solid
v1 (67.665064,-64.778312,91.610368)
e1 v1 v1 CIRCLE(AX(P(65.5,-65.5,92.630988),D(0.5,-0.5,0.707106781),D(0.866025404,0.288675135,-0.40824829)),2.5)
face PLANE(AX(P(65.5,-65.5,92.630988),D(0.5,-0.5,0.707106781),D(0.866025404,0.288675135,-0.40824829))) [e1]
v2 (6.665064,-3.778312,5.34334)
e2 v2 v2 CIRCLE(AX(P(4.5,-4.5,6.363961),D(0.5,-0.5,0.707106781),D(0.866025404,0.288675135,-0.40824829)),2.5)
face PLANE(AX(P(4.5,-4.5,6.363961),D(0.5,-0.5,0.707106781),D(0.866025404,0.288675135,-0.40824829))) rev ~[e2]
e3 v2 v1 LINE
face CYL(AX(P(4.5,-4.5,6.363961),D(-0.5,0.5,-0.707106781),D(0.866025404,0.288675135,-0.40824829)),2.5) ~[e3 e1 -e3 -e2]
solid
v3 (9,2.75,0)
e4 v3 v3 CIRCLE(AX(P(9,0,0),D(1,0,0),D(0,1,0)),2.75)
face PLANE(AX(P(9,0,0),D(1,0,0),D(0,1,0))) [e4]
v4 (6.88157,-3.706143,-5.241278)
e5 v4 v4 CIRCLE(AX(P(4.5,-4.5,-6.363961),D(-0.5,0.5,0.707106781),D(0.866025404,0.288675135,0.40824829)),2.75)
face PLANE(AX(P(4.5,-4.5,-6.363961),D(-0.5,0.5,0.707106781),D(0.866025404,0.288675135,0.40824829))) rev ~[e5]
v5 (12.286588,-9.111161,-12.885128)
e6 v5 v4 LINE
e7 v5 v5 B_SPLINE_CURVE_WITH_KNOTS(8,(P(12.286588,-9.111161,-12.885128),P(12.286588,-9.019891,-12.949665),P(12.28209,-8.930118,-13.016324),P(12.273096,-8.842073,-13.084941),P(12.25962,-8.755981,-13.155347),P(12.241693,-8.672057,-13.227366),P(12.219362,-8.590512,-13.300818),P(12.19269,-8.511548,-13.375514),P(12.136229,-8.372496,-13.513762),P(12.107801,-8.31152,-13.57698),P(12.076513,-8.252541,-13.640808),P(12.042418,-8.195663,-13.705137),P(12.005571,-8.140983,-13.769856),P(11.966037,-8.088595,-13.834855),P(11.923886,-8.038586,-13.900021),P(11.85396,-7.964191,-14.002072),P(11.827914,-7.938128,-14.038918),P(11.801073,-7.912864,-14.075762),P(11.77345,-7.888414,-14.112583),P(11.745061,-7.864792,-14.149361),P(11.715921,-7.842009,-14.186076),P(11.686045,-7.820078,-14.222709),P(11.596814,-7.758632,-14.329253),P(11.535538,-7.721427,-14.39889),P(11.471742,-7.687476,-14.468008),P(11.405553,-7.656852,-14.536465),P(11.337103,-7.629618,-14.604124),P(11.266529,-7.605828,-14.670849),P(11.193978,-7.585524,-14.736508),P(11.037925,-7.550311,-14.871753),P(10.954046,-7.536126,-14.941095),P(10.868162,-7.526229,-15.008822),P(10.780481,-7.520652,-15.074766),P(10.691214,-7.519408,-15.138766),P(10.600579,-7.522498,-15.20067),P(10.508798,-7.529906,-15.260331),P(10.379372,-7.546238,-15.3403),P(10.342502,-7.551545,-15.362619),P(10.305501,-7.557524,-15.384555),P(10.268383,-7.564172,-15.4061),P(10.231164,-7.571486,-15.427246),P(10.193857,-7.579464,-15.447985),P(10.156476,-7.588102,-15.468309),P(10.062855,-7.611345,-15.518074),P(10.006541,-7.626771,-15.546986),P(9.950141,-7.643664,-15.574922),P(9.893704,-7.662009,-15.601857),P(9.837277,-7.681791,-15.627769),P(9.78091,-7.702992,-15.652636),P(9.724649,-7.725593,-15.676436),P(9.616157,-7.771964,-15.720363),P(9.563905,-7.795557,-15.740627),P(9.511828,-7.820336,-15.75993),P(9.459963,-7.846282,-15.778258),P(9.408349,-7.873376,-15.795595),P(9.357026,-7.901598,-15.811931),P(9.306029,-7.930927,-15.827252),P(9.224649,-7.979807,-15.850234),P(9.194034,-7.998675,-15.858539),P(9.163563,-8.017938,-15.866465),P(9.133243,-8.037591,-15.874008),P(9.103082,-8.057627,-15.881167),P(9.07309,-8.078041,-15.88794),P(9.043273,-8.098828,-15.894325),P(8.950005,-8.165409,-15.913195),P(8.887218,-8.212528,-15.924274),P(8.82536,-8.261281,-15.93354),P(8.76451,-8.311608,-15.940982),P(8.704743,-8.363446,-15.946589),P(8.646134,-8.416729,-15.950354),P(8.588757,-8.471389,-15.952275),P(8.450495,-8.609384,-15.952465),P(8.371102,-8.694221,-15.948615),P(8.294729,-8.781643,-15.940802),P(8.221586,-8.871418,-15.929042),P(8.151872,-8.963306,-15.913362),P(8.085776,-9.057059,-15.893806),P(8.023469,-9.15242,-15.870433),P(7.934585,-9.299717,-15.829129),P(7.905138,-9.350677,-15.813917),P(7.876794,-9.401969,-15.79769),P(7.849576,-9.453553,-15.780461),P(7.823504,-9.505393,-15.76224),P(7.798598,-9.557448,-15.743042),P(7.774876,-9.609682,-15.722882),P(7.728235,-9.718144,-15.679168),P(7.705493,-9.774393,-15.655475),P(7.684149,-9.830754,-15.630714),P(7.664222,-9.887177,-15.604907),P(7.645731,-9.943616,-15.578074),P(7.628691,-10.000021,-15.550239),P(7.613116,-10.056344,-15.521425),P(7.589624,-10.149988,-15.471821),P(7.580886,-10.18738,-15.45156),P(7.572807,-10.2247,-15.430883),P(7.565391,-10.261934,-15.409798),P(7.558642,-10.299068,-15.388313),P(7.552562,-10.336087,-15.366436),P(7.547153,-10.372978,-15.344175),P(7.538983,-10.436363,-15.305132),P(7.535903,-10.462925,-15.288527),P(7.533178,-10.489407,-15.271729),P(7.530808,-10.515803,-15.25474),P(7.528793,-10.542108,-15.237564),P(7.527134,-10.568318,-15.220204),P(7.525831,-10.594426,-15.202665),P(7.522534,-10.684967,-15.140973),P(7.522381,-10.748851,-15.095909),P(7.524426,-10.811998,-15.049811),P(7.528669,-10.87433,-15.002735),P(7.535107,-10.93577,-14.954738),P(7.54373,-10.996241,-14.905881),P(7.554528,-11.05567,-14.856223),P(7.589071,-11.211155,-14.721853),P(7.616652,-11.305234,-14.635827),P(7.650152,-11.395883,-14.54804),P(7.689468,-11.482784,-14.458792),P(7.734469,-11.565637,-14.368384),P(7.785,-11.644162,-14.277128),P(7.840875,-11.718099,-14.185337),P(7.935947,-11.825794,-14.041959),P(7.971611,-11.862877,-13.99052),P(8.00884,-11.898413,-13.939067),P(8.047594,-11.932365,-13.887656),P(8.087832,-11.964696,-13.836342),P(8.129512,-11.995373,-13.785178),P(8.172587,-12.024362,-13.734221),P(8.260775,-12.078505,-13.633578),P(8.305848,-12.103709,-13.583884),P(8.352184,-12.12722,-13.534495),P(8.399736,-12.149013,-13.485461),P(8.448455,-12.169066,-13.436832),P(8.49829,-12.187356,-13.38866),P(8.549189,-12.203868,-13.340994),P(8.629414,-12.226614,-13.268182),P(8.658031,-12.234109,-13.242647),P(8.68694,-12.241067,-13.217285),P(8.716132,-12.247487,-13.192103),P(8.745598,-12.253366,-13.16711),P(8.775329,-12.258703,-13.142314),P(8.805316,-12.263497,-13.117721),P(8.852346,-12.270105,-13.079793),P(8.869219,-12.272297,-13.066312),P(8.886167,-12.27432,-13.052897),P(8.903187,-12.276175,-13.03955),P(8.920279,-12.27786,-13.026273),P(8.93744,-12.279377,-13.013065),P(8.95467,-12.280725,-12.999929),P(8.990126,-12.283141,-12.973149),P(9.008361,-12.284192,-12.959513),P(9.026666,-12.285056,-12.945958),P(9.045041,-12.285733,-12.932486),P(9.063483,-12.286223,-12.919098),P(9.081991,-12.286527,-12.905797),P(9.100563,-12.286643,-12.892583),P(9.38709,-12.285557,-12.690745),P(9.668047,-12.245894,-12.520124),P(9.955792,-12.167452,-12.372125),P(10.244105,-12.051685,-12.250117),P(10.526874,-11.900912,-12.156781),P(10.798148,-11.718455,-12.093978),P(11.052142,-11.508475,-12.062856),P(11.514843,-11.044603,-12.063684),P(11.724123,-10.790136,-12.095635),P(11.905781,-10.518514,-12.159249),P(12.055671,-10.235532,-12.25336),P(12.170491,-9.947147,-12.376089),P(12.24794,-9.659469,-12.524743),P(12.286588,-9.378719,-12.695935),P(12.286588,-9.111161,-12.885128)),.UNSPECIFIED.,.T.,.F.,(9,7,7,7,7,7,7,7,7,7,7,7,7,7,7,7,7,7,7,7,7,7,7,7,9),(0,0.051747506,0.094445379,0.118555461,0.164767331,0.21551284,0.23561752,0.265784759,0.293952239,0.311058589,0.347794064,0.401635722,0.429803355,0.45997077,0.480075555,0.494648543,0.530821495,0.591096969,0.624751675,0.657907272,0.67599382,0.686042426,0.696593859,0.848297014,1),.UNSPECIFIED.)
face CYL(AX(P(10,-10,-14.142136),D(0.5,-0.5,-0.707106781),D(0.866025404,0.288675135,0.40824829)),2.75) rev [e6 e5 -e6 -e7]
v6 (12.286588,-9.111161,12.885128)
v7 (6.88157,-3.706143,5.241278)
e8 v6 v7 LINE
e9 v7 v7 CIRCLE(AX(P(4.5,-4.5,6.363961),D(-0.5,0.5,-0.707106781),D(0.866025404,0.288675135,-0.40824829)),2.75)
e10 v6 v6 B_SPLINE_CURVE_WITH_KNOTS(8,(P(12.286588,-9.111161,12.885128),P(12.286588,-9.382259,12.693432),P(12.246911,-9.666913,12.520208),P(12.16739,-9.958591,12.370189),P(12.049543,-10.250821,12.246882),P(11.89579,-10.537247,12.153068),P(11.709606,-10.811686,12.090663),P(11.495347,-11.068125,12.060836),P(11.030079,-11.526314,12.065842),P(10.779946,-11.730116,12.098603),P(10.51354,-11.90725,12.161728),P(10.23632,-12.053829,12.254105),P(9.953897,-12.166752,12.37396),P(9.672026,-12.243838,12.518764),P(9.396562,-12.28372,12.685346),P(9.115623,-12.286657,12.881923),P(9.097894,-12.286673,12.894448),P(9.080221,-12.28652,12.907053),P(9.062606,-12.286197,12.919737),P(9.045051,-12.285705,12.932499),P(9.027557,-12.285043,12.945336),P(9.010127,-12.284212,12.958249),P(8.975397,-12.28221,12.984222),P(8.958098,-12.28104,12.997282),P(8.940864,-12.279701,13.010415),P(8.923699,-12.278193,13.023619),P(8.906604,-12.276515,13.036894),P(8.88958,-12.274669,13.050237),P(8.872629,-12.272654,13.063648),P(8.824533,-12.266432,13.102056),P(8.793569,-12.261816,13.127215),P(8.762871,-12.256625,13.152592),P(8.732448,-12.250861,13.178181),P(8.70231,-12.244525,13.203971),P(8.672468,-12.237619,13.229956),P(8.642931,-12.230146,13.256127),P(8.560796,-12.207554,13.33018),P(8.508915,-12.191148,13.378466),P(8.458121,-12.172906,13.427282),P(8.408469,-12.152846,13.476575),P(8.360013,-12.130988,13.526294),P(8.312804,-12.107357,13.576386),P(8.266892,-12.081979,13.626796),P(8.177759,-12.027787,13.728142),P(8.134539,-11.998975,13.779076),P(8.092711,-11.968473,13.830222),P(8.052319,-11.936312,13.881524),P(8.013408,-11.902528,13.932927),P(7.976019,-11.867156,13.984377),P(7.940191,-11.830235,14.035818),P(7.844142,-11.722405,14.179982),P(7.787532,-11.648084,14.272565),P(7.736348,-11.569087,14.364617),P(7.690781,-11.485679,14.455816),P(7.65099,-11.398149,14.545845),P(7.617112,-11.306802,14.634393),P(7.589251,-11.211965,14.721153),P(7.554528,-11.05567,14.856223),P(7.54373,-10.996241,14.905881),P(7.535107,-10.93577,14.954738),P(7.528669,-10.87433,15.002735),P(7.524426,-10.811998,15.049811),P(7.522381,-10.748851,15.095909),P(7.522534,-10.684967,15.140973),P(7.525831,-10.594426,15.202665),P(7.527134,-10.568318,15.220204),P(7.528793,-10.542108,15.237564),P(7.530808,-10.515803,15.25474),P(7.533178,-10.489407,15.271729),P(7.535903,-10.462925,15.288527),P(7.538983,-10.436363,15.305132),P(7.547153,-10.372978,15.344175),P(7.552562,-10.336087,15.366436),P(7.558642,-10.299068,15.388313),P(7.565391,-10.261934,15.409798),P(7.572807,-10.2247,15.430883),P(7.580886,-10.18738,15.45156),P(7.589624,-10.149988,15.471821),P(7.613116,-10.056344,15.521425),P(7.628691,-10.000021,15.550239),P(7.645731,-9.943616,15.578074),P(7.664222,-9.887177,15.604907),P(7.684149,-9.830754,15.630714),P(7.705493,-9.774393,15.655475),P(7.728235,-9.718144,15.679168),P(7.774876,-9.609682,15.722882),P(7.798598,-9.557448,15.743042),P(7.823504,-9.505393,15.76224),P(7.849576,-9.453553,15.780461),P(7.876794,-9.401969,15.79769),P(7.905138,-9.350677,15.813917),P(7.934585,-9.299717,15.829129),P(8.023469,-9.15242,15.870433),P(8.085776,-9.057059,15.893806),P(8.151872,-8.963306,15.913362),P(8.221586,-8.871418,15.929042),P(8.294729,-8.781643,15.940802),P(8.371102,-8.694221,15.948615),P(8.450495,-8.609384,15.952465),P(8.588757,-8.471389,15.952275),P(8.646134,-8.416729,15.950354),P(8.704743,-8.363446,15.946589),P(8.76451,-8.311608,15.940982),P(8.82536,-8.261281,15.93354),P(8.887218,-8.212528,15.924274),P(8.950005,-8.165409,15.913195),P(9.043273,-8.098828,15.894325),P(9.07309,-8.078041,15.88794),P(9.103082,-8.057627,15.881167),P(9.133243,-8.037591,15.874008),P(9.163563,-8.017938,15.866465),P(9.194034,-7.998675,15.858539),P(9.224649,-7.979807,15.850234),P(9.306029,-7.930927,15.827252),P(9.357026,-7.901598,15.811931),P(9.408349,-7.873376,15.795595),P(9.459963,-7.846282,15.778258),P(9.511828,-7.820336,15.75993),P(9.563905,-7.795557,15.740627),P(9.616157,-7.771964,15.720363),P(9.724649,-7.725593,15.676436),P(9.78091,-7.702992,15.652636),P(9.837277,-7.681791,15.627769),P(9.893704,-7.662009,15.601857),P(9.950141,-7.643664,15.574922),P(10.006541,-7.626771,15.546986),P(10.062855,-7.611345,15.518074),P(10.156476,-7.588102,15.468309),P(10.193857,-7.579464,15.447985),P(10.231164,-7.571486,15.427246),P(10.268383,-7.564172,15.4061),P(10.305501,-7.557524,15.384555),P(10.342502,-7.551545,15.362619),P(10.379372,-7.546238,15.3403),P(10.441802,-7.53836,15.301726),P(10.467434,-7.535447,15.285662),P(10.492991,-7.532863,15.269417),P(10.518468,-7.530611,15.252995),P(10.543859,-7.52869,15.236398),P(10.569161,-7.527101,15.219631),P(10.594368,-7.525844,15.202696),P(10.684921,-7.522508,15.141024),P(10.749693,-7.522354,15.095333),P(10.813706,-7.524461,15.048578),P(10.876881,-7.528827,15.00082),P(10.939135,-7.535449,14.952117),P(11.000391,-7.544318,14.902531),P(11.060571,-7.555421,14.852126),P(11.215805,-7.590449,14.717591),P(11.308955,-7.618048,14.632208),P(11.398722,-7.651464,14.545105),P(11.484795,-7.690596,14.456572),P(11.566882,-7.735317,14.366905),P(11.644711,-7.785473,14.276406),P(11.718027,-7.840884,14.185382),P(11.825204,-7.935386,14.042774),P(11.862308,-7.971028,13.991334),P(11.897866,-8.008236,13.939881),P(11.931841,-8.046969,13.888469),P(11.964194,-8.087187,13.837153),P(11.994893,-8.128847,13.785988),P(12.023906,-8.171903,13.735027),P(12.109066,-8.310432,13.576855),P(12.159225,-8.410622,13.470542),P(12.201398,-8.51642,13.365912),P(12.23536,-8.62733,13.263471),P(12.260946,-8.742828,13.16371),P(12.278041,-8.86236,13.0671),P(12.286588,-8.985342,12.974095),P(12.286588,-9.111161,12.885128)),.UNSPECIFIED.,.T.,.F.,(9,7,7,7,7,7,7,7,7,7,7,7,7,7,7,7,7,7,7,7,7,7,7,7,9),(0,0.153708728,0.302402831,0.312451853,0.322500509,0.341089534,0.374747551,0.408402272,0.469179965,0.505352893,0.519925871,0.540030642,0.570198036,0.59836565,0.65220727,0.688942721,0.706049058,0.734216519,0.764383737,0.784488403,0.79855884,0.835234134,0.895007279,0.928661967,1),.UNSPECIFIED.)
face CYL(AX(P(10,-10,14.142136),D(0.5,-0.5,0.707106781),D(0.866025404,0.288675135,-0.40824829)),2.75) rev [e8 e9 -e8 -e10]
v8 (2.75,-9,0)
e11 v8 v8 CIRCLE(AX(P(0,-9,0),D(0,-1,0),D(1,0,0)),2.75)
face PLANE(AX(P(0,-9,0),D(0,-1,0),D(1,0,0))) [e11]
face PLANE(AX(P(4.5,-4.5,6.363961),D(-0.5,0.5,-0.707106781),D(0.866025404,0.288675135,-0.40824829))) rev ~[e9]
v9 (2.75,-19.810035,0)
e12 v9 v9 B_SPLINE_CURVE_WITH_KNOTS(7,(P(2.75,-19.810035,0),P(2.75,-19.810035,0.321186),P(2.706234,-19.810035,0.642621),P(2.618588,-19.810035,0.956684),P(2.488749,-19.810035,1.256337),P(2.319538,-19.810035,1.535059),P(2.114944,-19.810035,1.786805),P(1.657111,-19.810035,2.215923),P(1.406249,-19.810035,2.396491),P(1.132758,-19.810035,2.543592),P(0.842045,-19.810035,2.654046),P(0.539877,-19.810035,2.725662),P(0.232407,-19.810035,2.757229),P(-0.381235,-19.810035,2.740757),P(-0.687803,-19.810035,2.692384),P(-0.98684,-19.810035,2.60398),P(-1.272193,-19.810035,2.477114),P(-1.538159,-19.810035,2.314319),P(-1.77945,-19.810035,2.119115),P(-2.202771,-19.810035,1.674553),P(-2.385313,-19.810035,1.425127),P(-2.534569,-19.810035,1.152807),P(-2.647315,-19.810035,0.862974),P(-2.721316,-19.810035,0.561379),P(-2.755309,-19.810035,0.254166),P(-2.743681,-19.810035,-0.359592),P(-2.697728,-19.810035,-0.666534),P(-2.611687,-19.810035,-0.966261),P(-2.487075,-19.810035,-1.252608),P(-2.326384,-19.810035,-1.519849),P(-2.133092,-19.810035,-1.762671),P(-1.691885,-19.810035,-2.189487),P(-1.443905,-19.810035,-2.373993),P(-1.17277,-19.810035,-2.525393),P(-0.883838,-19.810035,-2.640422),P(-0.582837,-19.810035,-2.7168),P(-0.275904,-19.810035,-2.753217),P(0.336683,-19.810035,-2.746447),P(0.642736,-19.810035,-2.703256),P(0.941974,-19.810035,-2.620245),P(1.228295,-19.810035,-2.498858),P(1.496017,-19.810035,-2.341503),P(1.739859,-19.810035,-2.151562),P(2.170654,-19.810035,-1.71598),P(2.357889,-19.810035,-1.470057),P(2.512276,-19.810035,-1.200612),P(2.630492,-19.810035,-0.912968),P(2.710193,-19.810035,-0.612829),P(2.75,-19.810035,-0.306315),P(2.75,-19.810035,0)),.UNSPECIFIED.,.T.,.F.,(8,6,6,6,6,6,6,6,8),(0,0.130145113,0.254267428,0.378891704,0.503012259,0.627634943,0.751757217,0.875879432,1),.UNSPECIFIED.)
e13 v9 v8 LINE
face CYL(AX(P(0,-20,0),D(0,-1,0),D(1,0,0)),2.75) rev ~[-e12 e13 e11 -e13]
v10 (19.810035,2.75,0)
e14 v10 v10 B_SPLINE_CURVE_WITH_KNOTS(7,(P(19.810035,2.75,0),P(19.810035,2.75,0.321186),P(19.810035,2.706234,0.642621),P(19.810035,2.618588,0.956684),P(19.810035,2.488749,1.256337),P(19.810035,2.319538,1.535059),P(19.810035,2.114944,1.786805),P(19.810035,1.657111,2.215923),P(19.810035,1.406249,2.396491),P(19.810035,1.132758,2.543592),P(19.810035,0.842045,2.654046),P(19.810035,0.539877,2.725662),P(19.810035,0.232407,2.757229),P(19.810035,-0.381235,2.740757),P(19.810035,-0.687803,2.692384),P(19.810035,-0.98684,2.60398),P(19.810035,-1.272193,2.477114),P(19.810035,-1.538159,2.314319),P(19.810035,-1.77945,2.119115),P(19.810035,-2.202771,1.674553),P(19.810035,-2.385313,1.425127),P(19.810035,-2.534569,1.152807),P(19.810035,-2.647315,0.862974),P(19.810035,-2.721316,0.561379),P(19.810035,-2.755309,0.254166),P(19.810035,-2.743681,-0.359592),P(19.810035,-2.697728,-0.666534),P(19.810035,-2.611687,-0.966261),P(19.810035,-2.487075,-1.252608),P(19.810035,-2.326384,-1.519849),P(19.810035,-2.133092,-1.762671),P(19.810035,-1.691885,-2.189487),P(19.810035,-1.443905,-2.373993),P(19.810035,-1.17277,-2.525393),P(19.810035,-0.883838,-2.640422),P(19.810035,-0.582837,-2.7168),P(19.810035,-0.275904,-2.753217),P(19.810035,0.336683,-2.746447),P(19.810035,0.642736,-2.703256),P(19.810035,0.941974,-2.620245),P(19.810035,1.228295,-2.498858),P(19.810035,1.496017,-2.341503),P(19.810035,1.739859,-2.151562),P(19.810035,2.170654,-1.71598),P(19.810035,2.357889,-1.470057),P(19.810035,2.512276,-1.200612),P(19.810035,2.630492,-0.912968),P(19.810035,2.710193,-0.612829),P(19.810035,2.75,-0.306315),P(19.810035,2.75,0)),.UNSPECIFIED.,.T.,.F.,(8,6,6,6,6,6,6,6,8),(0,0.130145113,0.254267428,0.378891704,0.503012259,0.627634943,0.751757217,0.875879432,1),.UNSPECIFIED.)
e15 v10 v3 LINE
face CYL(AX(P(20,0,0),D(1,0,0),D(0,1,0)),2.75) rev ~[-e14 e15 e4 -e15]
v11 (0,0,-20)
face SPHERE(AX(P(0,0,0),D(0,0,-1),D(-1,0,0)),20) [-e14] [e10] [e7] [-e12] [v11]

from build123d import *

# Parameters (mm, degrees)
F6_R      = 2.75
F7_DEPTH  = 11
F9_R      = 2.75
F10_DEPTH = 11
F14_R     = 2.75
F15_DEPTH = 11
F17_R     = 2.75
F18_DEPTH = 11
F19_R     = 2.5
F20_DEPTH = 122


with BuildPart() as f4:
    # F3 (on Front) → F4 (revolve)
    with BuildSketch(Plane.XZ):
        with BuildLine():
            ThreePointArc((0, 20), (-20, 0), (0, -20))
            Line((0, -20), (0, 20))
        make_face()
    revolve(axis=Axis((0, 0, 0), (0, 0, -1)))

    # F6 (on offset) → F7 (cut)
    with BuildSketch(Plane.XZ.offset(20)):
        Circle(F6_R)
    extrude(amount=-F7_DEPTH, mode=Mode.SUBTRACT)

    # F9 (on offset) → F10 (cut)
    with BuildSketch(Plane.YZ.offset(20)):
        Circle(F9_R)
    extrude(amount=-F10_DEPTH, mode=Mode.SUBTRACT)

    # F14 (on line) → F15 (cut)
    with BuildSketch(Plane(origin=(10, -10, 14.1421356237), x_dir=(0.8660254038, 0.2886751346, -0.4082482905), z_dir=(-0.5, 0.5, -0.7071067812))):
        Circle(F14_R)
    extrude(amount=F15_DEPTH, mode=Mode.SUBTRACT)

    # F17 (on line) → F18 (cut)
    with BuildSketch(Plane(origin=(10, -10, -14.1421356237), x_dir=(0.8660254038, 0.2886751346, 0.4082482905), z_dir=(-0.5, 0.5, 0.7071067812))):
        Circle(F17_R)
    extrude(amount=F18_DEPTH, mode=Mode.SUBTRACT)


with BuildPart() as f20:
    # F19 (on face) → F20 (new body)
    with BuildSketch(Plane(origin=(4.5, -4.5, 6.3639610307), x_dir=(0.8660254038, 0.2886751346, -0.4082482905), z_dir=(0.5, -0.5, 0.7071067812))):
        Circle(F19_R)
    extrude(amount=F20_DEPTH)


solid = Compound([f4.part, f20.part])
